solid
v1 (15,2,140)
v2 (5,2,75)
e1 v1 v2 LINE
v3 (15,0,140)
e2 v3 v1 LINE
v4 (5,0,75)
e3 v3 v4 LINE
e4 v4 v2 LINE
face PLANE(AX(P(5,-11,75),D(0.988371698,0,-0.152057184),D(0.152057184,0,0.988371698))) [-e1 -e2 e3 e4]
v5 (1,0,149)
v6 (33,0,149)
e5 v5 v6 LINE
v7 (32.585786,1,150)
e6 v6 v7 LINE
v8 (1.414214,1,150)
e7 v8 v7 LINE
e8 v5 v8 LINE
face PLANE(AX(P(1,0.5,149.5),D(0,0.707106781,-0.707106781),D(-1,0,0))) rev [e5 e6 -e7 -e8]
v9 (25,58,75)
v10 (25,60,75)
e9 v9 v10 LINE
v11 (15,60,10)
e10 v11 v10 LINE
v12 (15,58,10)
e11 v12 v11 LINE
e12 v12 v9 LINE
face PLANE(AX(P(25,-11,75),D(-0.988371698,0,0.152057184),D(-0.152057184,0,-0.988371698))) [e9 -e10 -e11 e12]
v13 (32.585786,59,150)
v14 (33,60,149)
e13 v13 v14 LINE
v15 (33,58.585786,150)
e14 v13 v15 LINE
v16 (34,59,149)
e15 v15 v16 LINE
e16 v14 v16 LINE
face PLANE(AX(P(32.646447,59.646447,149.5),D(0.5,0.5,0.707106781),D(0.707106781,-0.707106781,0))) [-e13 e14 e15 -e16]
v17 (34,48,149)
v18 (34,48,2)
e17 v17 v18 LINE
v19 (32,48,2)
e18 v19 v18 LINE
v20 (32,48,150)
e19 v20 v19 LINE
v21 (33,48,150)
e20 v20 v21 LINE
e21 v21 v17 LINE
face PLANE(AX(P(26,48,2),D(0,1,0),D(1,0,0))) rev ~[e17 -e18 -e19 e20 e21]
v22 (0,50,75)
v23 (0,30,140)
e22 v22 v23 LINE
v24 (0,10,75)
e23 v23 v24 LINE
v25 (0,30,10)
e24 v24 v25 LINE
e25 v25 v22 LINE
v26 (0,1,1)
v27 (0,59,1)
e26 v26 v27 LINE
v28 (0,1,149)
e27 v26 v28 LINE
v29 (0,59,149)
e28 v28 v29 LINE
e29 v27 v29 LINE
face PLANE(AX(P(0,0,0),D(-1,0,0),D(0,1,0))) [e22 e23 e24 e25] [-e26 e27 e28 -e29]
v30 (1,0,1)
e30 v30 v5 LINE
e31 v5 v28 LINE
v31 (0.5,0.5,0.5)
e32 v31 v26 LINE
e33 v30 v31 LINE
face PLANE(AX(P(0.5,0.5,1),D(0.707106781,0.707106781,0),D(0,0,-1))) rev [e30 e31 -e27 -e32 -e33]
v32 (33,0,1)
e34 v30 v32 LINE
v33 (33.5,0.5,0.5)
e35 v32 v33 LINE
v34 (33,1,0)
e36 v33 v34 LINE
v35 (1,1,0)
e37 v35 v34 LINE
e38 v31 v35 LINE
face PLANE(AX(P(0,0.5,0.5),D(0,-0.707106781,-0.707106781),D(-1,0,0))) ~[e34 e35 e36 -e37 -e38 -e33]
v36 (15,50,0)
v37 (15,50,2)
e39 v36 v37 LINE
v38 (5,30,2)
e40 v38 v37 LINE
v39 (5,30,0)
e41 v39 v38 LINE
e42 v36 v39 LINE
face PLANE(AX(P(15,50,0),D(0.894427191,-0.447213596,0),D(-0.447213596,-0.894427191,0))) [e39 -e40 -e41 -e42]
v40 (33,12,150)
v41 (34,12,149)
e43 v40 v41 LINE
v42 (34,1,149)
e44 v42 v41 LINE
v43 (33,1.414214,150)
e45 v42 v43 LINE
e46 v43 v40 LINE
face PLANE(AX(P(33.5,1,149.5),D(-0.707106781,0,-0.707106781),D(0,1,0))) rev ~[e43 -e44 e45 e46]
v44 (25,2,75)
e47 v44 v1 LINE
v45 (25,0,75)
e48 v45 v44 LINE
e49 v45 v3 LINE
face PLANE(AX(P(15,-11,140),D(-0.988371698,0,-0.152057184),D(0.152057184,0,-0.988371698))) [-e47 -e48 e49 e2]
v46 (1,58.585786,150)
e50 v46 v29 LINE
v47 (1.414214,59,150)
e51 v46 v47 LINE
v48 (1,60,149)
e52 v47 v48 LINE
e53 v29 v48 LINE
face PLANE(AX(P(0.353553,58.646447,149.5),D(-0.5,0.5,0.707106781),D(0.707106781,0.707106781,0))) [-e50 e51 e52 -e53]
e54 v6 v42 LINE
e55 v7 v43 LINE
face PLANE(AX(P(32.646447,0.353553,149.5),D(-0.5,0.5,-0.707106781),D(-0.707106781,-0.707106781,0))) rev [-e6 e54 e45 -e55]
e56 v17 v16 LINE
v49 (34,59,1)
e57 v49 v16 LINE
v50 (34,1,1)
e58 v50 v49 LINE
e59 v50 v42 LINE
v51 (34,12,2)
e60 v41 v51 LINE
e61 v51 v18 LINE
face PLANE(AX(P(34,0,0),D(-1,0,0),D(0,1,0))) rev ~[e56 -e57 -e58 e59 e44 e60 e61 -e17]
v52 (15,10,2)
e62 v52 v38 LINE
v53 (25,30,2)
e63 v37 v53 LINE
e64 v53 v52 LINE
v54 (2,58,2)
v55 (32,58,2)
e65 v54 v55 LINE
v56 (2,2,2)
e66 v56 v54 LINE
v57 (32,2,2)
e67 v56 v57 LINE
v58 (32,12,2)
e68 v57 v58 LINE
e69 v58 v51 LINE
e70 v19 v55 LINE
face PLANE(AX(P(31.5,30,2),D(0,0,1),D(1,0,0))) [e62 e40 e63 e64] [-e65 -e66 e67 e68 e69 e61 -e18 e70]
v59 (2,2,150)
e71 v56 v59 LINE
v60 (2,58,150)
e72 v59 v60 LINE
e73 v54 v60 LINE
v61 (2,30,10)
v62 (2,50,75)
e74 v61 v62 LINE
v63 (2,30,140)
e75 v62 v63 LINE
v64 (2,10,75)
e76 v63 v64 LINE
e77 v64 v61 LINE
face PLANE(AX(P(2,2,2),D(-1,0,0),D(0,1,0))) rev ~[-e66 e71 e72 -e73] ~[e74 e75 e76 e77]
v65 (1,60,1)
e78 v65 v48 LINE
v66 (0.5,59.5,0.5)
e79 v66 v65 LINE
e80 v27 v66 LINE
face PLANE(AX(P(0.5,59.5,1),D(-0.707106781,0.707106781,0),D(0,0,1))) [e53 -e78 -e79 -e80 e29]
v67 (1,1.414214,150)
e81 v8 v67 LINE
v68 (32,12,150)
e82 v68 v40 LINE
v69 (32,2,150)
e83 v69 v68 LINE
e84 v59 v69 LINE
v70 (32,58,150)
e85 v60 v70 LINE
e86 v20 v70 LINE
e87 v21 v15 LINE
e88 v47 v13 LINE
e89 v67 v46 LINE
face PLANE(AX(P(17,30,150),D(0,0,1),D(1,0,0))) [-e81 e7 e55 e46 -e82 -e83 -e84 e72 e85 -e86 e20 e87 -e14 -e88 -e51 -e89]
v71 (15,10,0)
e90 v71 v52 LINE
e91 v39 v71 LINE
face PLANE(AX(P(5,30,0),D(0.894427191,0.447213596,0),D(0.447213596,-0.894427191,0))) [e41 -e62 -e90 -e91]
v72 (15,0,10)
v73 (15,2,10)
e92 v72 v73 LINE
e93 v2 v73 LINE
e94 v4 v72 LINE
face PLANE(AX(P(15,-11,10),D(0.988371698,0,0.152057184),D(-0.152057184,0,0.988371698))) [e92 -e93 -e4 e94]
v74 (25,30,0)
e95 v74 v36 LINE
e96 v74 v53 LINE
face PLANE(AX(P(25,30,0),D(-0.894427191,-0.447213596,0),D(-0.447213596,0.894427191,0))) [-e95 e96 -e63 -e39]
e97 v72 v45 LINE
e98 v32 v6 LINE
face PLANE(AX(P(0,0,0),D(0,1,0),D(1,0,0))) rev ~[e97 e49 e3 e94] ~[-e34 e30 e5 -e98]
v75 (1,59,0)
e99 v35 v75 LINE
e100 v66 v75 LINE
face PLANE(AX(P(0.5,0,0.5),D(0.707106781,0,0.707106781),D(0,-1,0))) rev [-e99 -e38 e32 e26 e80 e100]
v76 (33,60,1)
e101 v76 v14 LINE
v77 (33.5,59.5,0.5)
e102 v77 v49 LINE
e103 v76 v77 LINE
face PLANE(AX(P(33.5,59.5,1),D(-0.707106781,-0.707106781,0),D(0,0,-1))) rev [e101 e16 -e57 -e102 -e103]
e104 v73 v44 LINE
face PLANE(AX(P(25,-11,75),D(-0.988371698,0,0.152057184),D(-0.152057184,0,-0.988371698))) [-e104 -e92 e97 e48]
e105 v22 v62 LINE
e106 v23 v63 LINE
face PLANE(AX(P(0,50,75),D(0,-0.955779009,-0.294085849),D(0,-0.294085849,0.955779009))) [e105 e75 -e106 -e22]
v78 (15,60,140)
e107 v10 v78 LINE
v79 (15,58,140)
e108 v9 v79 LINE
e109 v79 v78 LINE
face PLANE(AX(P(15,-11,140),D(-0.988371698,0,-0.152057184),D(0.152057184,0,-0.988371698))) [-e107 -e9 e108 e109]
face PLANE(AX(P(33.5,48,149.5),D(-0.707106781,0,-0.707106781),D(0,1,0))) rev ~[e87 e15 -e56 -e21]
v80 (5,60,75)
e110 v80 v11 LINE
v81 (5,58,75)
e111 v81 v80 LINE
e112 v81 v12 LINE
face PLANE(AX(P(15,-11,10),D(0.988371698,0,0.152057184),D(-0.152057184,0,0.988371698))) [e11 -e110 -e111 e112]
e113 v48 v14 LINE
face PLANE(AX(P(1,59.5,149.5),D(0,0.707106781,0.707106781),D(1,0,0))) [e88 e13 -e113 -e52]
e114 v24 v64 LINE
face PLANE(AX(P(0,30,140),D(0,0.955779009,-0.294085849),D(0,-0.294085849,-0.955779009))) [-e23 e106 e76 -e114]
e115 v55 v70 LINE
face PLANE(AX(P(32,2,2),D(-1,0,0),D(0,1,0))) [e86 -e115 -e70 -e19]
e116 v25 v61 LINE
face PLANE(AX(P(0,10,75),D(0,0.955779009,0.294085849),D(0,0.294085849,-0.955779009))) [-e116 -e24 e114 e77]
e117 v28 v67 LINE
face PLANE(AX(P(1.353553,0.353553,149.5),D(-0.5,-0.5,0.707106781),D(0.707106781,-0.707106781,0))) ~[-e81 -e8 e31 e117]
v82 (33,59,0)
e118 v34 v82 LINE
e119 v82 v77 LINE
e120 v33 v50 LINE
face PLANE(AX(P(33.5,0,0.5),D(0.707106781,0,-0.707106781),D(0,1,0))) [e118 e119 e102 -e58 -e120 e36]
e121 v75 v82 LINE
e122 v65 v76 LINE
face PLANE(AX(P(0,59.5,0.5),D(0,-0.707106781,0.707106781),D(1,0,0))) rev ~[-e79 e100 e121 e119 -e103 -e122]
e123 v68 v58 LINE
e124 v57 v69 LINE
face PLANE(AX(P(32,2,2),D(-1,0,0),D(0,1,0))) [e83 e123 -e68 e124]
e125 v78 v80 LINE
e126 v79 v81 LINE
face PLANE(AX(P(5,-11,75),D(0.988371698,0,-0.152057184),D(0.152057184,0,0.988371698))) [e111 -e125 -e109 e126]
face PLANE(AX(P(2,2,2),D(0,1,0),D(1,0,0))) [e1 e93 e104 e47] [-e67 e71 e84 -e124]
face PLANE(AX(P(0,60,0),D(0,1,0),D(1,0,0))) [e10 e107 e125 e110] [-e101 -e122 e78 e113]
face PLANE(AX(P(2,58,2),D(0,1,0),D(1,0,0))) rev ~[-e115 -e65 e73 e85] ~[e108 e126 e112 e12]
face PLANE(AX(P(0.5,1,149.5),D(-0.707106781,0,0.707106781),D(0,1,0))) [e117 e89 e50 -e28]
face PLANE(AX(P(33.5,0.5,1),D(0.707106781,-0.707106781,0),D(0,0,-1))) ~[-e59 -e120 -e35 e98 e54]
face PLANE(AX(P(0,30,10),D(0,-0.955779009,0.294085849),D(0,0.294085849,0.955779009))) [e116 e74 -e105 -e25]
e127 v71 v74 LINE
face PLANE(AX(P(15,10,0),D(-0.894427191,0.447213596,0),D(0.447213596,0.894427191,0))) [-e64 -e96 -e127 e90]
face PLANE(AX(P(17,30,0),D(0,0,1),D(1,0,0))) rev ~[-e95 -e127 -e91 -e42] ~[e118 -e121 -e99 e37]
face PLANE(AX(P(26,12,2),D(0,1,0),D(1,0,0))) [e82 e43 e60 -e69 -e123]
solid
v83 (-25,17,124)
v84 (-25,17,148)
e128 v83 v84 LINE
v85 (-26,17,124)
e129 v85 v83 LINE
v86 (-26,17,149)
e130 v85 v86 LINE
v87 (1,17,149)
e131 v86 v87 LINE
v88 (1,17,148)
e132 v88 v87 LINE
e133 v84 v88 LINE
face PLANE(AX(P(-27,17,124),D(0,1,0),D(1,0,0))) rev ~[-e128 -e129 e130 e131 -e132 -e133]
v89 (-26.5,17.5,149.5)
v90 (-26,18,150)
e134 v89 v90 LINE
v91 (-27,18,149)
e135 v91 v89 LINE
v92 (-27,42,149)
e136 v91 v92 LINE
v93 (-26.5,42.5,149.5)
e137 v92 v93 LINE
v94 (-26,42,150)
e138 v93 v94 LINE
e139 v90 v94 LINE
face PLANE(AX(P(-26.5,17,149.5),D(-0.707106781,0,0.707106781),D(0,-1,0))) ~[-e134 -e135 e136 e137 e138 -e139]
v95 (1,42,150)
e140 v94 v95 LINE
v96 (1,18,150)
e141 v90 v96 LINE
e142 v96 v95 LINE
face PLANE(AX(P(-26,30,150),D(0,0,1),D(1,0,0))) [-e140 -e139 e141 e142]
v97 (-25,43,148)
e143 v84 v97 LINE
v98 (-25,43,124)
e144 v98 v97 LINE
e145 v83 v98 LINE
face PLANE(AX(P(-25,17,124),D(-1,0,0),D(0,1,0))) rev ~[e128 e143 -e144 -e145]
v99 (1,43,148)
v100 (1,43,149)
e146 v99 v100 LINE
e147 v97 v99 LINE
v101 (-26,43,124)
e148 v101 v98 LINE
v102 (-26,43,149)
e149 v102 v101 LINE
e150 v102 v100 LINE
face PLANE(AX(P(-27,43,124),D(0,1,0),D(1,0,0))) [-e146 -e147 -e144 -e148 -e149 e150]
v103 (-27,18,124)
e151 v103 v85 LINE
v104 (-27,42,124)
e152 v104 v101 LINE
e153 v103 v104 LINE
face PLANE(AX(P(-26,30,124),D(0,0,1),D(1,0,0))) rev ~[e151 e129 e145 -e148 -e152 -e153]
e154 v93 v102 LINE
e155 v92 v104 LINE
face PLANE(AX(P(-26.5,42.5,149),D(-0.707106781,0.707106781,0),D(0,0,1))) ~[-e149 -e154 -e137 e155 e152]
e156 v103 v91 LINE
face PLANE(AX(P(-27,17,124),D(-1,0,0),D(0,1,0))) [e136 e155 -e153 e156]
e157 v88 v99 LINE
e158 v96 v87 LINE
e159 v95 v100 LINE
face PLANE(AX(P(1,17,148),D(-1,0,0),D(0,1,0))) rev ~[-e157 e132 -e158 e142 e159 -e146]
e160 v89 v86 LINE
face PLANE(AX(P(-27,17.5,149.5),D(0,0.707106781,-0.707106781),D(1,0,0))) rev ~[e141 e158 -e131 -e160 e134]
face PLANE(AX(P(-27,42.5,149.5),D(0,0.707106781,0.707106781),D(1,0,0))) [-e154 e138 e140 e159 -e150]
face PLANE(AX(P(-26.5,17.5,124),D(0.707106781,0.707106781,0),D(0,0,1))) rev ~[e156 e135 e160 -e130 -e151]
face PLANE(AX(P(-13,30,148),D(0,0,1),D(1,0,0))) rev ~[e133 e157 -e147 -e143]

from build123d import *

# Parameters (mm, degrees)
BOX003_W                       = 28
BOX003_H                       = 26
BOX003_DEPTH                   = 2
BOX004_W                       = 2
BOX004_H                       = 26
BOX004_DEPTH                   = 26
CHAMFER003_SIZE                = 1
CHAMFER004_SIZE                = 1
EXTRUDE_DEPTH                  = 90
EXTRUDE_ONTO_SKETCH_ROLL_ANGLE = 90
BOX005_W                       = 11
BOX005_H                       = 36
BOX005_DEPTH                   = 148
BOX002_W                       = 30
BOX002_H                       = 56
BOX002_DEPTH                   = 148
BOX_W                          = 34
BOX_H                          = 60
BOX_DEPTH                      = 150
POCKET_DEPTH                   = 5
POCKET001_DEPTH                = 5
CHAMFER_SIZE                   = 1
CHAMFER001_SIZE                = 1
CHAMFER002_SIZE                = 1
CHAMFER005_SIZE                = 1


with BuildPart() as handle_horisontal:
    # Box003 → Box003 (new body)
    with BuildSketch(Plane(origin=(-26, 17, 148), x_dir=(1, 0, 0), z_dir=(0, 0, 1))):
        with Locations((14, 13)):
            Rectangle(BOX003_W, BOX003_H)
    extrude(amount=BOX003_DEPTH)


with BuildPart() as chamfer004:
    # Box004 → Box004 (new body)
    with BuildSketch(Plane(origin=(-26, 17, 124), x_dir=(1, 0, 0), z_dir=(0, 0, 1))):
        with Locations((1, 13)):
            Rectangle(BOX004_W, BOX004_H)
    extrude(amount=BOX004_DEPTH)

    # Fusion: union handle horisontal
    add(handle_horisontal.part)


with BuildPart() as chamfer004_1:
    # Fusion placement: moved
    add(chamfer004.part.moved(Location((-1, 0, 0))))

    # Chamfer003
    chamfer003_edges = [chamfer004_1.edges().sort_by_distance(p)[0] for p in [
        (-27, 30, 150),
        (-26, 43, 150),
        (-26, 17, 150),
        (-12, 43, 150),
        (-12, 17, 150),
    ]]
    chamfer(chamfer003_edges, length=CHAMFER003_SIZE)

    # Chamfer004
    chamfer004_edges = [chamfer004_1.edges().sort_by_distance(p)[0] for p in [
        (-27, 17, 148.5),
        (-27, 43, 148.5),
        (-27, 17, 136),
        (-27, 43, 136),
    ]]
    chamfer(chamfer004_edges, length=CHAMFER004_SIZE)


with BuildPart() as extrude_body:
    # Sketch as drawn → Extrude (new)
    with BuildSketch(Plane.XY):
        Polygon((15, 140), (25, 75), (15, 10), (5, 75), align=None)
    extrude(amount=-EXTRUDE_DEPTH)


with BuildPart() as extrude_body_1:
    # Extrude onto Sketch roll: moved
    add(extrude_body.part.rotate(Axis((0, 0, 0), (1, 0, 0)), EXTRUDE_ONTO_SKETCH_ROLL_ANGLE))


with BuildPart() as extrude_body_2:
    # Extrude onto Sketch placement: moved
    add(extrude_body_1.part)


with BuildPart() as extrude_body_3:
    # Extrude placement: moved
    add(extrude_body_2.part.moved(Location((0, -11, 0))))


with BuildPart() as inside_cup001:
    # Box005 → Box005 (new body)
    with BuildSketch(Plane(origin=(26, 12, 2), x_dir=(1, 0, 0), z_dir=(0, 0, 1))):
        with Locations((5.5, 18)):
            Rectangle(BOX005_W, BOX005_H)
    extrude(amount=BOX005_DEPTH)


with BuildPart() as inside_cup:
    # Box002 → Box002 (new body)
    with BuildSketch(Plane(origin=(2, 2, 2), x_dir=(1, 0, 0), z_dir=(0, 0, 1))):
        with Locations((15, 28)):
            Rectangle(BOX002_W, BOX002_H)
    extrude(amount=BOX002_DEPTH)


with BuildPart() as chamfer005:
    # Box → Box (new body)
    with BuildSketch(Plane.XY):
        with Locations((17, 30)):
            Rectangle(BOX_W, BOX_H)
    extrude(amount=BOX_DEPTH)

    # Cut: cut inside-cup
    add(inside_cup.part, mode=Mode.SUBTRACT)

    # Cut001: cut inside-cup001
    add(inside_cup001.part, mode=Mode.SUBTRACT)

    # Cut002: cut Extrude body
    add(extrude_body_3.part, mode=Mode.SUBTRACT)

    # Sketch001 → Pocket (cut)
    with BuildSketch(Plane(origin=(0, 0, 0), x_dir=(0, -1, 0), z_dir=(-1, 0, 0))):
        Polygon((-30, 140), (-10, 75), (-30, 10), (-50, 75), align=None)
    extrude(amount=-POCKET_DEPTH, mode=Mode.SUBTRACT)

    # Sketch002 → Pocket001 (cut)
    with BuildSketch(Plane(origin=(0, 0, 0), x_dir=(1, 0, 0), z_dir=(0, 0, -1))):
        Polygon((15, -10), (25, -30), (15, -50), (5, -30), align=None)
    extrude(amount=-POCKET001_DEPTH, mode=Mode.SUBTRACT)

    # Chamfer
    chamfer_edges = [chamfer005.edges().sort_by_distance(p)[0] for p in [
        (0, 30, 0),
        (17, 0, 0),
        (17, 60, 0),
        (34, 30, 0),
    ]]
    chamfer(chamfer_edges, length=CHAMFER_SIZE)

    # Chamfer001
    chamfer001_edges = [chamfer005.edges().sort_by_distance(p)[0] for p in [
        (34, 0, 75.5),
        (34, 60, 75.5),
    ]]
    chamfer(chamfer001_edges, length=CHAMFER001_SIZE)

    # Chamfer002
    chamfer002_edges = [chamfer005.edges().sort_by_distance(p)[0] for p in [
        (0, 0, 75.5),
        (0, 60, 75.5),
    ]]
    chamfer(chamfer002_edges, length=CHAMFER002_SIZE)

    # Chamfer005
    chamfer005_edges = [chamfer005.edges().sort_by_distance(p)[0] for p in [
        (17, 0, 150),
        (0.5, 0.5, 150),
        (33.5, 0.5, 150),
        (17, 60, 150),
        (0.5, 59.5, 150),
        (33.5, 59.5, 150),
        (0, 30, 150),
        (34, 53.5, 150),
        (34, 6.5, 150),
    ]]
    chamfer(chamfer005_edges, length=CHAMFER005_SIZE)


solid = Compound([chamfer004_1.part, chamfer005.part])
